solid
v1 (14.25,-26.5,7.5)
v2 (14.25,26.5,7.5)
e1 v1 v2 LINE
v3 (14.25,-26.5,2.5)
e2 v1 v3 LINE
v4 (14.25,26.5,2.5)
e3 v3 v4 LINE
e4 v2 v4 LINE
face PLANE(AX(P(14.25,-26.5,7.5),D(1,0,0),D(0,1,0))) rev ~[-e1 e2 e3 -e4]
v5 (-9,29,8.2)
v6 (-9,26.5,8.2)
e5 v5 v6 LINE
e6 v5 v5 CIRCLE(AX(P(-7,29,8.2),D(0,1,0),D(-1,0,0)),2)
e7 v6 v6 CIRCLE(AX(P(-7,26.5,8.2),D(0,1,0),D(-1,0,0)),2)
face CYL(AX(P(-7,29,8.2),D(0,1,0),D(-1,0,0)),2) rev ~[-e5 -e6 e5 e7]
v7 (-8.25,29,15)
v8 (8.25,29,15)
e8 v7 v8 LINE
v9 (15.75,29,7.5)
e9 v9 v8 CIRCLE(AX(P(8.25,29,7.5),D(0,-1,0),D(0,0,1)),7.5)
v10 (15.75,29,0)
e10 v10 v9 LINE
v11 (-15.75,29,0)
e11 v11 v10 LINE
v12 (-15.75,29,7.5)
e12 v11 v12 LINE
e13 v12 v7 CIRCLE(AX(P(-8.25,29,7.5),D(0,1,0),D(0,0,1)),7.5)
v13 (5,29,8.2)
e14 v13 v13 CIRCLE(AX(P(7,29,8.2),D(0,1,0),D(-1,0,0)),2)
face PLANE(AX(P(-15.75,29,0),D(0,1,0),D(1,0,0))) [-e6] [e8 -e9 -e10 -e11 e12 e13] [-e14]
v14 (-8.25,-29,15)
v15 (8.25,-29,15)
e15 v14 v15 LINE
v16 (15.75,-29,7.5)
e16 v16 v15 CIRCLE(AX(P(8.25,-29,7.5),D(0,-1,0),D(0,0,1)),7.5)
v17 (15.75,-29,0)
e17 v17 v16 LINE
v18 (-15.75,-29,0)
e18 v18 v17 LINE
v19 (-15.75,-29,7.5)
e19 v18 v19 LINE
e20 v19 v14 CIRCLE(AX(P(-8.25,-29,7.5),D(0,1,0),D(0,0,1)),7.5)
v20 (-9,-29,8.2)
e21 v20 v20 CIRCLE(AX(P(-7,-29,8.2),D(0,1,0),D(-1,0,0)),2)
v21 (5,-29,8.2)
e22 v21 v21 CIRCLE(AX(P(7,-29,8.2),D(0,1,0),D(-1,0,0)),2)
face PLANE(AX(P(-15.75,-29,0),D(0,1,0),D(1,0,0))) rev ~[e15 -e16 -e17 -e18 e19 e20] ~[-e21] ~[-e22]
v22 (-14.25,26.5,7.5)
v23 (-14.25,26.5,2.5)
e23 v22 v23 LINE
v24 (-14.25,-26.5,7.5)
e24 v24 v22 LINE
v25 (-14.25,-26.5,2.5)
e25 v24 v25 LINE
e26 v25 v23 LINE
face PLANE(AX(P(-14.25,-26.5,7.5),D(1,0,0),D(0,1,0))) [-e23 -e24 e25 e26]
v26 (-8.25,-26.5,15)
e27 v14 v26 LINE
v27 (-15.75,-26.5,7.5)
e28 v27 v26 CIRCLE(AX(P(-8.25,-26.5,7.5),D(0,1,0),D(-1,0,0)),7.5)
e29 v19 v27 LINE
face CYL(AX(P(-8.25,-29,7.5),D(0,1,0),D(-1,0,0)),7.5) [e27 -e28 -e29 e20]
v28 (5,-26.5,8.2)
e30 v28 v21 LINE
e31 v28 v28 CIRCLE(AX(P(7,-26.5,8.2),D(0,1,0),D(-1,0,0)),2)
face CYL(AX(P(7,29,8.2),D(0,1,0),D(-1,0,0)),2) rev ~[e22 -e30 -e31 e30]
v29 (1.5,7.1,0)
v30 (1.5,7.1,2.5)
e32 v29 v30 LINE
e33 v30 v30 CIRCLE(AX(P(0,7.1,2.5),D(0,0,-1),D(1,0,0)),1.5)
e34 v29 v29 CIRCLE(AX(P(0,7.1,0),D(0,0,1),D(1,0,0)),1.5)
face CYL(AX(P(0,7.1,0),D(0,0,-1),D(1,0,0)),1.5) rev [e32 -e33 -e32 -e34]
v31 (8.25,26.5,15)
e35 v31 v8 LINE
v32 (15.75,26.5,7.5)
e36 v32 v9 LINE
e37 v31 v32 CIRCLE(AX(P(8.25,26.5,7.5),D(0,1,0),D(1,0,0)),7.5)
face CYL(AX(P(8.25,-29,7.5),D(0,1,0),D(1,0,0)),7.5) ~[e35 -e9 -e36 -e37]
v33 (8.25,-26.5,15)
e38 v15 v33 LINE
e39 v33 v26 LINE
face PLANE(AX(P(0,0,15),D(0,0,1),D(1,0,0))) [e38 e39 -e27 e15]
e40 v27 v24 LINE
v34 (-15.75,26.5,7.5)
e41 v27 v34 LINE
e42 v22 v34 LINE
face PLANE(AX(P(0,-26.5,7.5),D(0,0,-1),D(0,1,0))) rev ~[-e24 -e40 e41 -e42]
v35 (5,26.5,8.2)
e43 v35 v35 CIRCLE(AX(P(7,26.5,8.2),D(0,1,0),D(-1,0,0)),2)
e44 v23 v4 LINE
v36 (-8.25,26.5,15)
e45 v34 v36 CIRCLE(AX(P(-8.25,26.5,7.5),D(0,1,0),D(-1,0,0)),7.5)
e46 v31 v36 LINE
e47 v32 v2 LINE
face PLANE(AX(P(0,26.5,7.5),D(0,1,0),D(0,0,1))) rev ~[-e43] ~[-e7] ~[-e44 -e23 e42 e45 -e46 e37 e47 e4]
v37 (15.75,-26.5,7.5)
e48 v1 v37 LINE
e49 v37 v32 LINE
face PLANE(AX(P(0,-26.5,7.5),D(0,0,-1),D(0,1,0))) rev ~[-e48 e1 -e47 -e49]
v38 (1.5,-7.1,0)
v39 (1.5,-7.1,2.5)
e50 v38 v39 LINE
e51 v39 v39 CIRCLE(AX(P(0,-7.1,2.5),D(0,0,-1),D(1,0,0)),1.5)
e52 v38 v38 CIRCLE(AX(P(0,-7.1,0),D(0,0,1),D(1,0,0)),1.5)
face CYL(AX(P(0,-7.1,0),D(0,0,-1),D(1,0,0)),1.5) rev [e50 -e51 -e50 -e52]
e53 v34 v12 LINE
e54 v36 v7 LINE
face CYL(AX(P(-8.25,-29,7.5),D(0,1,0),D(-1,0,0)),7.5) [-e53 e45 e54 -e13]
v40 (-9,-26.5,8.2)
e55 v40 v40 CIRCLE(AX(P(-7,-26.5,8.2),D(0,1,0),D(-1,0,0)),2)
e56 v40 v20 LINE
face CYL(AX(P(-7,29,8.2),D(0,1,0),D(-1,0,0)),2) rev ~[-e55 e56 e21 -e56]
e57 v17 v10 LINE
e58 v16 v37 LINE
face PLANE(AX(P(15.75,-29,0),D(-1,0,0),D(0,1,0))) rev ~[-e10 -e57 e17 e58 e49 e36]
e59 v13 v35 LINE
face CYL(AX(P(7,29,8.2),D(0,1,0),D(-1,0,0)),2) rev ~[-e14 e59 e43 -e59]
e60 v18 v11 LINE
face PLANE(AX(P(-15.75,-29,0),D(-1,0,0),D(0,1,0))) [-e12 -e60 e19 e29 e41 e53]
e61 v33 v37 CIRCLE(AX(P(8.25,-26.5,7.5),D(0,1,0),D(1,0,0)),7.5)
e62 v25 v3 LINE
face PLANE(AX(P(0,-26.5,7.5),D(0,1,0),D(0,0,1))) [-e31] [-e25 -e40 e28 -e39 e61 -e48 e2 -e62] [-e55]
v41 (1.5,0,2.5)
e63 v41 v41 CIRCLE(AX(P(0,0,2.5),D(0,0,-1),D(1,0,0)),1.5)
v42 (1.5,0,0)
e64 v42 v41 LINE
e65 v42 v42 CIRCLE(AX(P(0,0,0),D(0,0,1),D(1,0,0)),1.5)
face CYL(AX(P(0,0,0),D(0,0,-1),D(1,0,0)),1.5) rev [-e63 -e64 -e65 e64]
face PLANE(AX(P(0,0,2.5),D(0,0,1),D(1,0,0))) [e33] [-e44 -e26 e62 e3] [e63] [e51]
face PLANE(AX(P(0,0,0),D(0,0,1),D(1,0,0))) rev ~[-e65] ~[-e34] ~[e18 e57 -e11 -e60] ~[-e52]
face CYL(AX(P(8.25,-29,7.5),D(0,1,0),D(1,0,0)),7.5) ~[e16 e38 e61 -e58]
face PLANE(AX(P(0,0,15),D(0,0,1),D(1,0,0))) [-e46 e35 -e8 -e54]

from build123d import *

# Parameters (mm, degrees)
SKETCH_W          = 31.5
SKETCH_H          = 58
PAD_DEPTH         = 15
FILLET_R          = 7.5
SKETCH001_W       = 53
SKETCH001_H       = 15
POCKET_DEPTH      = 15.751
POCKET_DEPTH_BACK = 15.751
SKETCH002_W       = 28.5
SKETCH002_H       = 53
POCKET001_DEPTH   = 5
SKETCH003_R       = 1.5
POCKET002_DEPTH   = 15.001
SKETCH004_R       = 2
POCKET003_DEPTH   = 58.001


with BuildPart() as part:
    # Sketch → Pad (new body)
    with BuildSketch(Plane.XY):
        Rectangle(SKETCH_W, SKETCH_H)
    extrude(amount=PAD_DEPTH)

    # Fillet
    fillet_edges = [part.edges().sort_by_distance(p)[0] for p in [
        (15.75, 0, 15),
        (-15.75, 0, 15),
    ]]
    fillet(fillet_edges, radius=FILLET_R)

    # Sketch001 → Pocket (cut, two sides)
    with BuildSketch(Plane.YZ) as pocket_sk:
        with Locations((0, 15)):
            Rectangle(SKETCH001_W, SKETCH001_H)
    extrude(amount=-POCKET_DEPTH, mode=Mode.SUBTRACT)
    extrude(pocket_sk.sketch, amount=POCKET_DEPTH_BACK, mode=Mode.SUBTRACT)

    # Sketch002 (on DatumPlane) → Pocket001 (cut)
    with BuildSketch(Plane.XY.offset(7.5)):
        Rectangle(SKETCH002_W, SKETCH002_H)
    extrude(amount=-POCKET001_DEPTH, mode=Mode.SUBTRACT)

    # Sketch003 → Pocket002 (cut, through all)
    with BuildSketch(Plane.XY):
        with Locations((0, 7.1)):
            Circle(SKETCH003_R)
        Circle(SKETCH003_R)
        with Locations((0, -7.1)):
            Circle(SKETCH003_R)
    extrude(amount=POCKET002_DEPTH, mode=Mode.SUBTRACT)

    # Sketch004 (on Face1 of Pocket002) → Pocket003 (cut, through all)
    with BuildSketch(Plane(origin=(0, 29, 0), x_dir=(-1, 0, 0), z_dir=(0, 1, 0))):
        with Locations((-7, 8.2)):
            Circle(SKETCH004_R)
        with Locations((7, 8.2)):
            Circle(SKETCH004_R)
    extrude(amount=-POCKET003_DEPTH, mode=Mode.SUBTRACT)


solid = part.part
